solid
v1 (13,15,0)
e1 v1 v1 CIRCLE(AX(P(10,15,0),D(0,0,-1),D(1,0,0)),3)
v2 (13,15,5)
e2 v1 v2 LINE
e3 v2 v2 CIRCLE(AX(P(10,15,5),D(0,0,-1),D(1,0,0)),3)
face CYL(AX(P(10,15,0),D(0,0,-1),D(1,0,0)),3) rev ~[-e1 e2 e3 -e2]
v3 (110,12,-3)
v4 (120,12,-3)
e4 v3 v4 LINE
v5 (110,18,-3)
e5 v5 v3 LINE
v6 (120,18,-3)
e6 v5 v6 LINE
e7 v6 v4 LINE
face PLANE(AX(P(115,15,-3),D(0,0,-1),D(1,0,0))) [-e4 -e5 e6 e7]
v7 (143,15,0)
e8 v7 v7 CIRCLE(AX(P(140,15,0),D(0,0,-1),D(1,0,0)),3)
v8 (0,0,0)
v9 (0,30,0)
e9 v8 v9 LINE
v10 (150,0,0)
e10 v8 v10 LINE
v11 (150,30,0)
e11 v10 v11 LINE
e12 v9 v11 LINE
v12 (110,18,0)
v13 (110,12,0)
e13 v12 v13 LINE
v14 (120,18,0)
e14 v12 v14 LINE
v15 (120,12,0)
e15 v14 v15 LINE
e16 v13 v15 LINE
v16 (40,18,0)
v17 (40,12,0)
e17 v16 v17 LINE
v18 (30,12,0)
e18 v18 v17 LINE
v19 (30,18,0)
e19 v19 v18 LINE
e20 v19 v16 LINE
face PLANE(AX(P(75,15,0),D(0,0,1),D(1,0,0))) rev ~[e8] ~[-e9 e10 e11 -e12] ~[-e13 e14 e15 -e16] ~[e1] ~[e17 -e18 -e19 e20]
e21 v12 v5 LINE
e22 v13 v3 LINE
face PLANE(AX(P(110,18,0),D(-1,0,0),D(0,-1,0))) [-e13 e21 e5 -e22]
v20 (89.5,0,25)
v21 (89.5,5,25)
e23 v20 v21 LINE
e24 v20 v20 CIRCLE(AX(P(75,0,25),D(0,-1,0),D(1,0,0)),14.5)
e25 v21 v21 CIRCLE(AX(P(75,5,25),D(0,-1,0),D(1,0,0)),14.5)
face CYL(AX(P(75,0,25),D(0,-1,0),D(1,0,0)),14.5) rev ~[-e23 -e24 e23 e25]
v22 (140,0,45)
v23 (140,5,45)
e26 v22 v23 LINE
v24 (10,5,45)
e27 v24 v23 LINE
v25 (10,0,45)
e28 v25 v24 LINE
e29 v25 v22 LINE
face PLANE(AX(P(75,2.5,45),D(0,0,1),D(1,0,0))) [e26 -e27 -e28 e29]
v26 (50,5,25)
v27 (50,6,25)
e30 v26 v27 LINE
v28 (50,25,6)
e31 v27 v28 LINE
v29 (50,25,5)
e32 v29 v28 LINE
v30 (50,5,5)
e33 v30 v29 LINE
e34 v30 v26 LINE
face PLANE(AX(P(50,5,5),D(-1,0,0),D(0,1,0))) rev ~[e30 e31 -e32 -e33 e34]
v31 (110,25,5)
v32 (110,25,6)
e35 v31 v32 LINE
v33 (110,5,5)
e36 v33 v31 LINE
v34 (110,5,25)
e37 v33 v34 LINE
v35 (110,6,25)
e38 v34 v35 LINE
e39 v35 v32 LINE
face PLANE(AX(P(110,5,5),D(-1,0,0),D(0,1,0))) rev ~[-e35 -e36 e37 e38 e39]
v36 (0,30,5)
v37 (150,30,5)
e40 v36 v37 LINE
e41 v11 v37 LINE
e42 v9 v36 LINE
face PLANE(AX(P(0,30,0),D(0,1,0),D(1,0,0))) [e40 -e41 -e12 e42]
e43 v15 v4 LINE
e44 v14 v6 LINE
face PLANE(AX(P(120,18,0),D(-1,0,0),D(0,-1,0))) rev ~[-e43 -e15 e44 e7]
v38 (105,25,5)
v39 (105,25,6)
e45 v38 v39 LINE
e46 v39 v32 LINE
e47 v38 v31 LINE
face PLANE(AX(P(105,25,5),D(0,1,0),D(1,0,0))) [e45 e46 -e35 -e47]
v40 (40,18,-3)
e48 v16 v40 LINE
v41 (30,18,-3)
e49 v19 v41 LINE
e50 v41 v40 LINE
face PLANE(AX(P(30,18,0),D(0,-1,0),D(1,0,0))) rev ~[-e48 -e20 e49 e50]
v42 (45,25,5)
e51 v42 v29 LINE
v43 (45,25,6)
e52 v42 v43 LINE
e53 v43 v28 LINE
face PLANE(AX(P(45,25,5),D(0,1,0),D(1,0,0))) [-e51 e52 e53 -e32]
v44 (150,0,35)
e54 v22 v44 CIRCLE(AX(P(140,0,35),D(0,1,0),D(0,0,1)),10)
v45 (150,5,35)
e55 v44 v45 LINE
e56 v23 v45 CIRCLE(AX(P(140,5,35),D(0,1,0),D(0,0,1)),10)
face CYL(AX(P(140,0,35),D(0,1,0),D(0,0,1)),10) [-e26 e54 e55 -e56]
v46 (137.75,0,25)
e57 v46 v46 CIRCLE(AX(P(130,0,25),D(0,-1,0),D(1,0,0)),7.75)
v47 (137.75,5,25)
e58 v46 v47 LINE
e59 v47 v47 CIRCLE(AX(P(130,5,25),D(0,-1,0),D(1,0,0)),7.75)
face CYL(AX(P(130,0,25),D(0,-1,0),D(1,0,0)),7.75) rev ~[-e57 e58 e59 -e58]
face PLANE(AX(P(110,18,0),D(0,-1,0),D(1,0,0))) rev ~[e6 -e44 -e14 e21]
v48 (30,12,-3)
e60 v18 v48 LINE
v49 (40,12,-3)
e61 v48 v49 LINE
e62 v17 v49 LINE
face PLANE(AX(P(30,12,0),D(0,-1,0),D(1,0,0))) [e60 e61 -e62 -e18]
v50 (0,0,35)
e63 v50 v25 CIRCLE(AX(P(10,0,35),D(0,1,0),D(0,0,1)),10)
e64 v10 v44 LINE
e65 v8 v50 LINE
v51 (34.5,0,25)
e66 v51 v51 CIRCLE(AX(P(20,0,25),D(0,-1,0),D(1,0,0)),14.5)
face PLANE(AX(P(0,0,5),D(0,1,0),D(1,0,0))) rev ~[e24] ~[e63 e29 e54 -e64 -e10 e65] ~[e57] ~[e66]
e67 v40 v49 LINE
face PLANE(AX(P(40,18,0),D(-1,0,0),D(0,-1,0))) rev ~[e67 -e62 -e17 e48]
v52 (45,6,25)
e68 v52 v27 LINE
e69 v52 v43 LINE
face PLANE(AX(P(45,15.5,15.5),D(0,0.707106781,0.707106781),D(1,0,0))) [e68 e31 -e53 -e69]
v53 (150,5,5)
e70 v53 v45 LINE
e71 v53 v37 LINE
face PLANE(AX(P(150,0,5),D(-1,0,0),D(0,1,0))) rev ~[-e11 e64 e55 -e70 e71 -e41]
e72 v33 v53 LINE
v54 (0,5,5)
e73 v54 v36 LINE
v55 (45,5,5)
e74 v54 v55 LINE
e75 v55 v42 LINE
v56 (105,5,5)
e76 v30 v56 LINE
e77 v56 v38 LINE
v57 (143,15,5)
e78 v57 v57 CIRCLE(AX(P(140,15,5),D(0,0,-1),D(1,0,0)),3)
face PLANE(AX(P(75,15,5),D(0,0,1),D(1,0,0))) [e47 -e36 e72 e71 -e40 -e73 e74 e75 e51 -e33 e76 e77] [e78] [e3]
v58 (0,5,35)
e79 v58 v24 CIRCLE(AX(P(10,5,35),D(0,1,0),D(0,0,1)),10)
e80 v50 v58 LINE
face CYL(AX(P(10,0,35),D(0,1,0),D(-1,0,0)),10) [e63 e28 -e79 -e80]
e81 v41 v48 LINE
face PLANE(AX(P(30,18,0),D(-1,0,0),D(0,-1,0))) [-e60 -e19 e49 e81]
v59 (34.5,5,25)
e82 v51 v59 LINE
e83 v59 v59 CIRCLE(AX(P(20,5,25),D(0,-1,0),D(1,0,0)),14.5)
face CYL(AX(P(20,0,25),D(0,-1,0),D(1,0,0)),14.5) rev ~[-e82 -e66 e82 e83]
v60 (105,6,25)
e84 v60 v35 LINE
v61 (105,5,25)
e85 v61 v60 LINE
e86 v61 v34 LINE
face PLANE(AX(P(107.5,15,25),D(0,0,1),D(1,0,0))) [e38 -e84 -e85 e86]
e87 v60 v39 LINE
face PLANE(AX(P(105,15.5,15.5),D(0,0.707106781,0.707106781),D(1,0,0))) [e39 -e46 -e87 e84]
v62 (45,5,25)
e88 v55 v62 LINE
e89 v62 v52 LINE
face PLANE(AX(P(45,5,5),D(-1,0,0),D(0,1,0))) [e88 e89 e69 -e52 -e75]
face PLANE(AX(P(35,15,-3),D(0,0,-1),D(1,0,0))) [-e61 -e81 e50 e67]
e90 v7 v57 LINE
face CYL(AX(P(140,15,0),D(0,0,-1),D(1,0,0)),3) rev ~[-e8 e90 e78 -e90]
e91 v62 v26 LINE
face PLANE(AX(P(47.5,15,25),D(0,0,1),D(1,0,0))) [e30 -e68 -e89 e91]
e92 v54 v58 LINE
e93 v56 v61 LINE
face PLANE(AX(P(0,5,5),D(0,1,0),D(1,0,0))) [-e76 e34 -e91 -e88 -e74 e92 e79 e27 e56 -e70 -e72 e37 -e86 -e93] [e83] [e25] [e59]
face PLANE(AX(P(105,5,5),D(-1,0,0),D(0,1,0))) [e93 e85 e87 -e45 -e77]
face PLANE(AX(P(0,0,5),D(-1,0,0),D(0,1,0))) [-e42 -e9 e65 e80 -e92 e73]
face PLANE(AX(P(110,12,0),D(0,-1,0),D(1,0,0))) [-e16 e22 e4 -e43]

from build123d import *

# Parameters (mm, degrees)
SKETCH_W        = 150
SKETCH_H        = 30
PAD_DEPTH       = 5
SKETCH001_W     = 150
SKETCH001_H     = 5
PAD001_DEPTH    = 40
SKETCH002_R     = 14.5
SKETCH002_R_2   = 7.75
POCKET_DEPTH    = 30.001
FILLET_R        = 10
SKETCH003_W     = 10
SKETCH003_H     = 6
PAD002_DEPTH    = 3
SKETCH005_W     = 5
SKETCH005_H     = 20
PAD003_DEPTH    = 20
CHAMFER_SIZE    = 19
SKETCH006_R     = 3
POCKET001_DEPTH = 45.001


with BuildPart() as part:
    # Sketch → Pad (new body)
    with BuildSketch(Plane.XY):
        with Locations((75, 15)):
            Rectangle(SKETCH_W, SKETCH_H)
    extrude(amount=PAD_DEPTH)

    # Sketch001 (on Face6 of Pad) → Pad001 (join)
    with BuildSketch(Plane.XY.offset(5)):
        with Locations((75, 2.5)):
            Rectangle(SKETCH001_W, SKETCH001_H)
    extrude(amount=PAD001_DEPTH)

    # Sketch002 (on Face5 of Pad001) → Pocket (cut, through all)
    with BuildSketch(Plane.XZ):
        with Locations((20, 25)):
            Circle(SKETCH002_R)
        with Locations((75, 25)):
            Circle(SKETCH002_R)
        with Locations((130, 25)):
            Circle(SKETCH002_R_2)
    extrude(amount=-POCKET_DEPTH, mode=Mode.SUBTRACT)

    # Fillet
    fillet_edges = [part.edges().sort_by_distance(p)[0] for p in [
        (150, 2.5, 45),
        (0, 2.5, 45),
    ]]
    fillet(fillet_edges, radius=FILLET_R)

    # Sketch003 → Pad002 (join)
    with BuildSketch(Plane(origin=(0, 0, 0), x_dir=(1, 0, 0), z_dir=(0, 0, -1))):
        with Locations((35, -15)):
            Rectangle(SKETCH003_W, SKETCH003_H)
        with Locations((115, -15)):
            Rectangle(SKETCH003_W, SKETCH003_H)
    extrude(amount=PAD002_DEPTH)

    # Sketch005 → Pad003 (join)
    with BuildSketch(Plane.XY.offset(5)):
        with Locations((47.5, 15)):
            Rectangle(SKETCH005_W, SKETCH005_H)
        with Locations((107.5, 15)):
            Rectangle(SKETCH005_W, SKETCH005_H)
    extrude(amount=PAD003_DEPTH)

    # Chamfer
    chamfer_edges = [part.edges().sort_by_distance(p)[0] for p in [
        (107.5, 25, 25),
        (47.5, 25, 25),
    ]]
    chamfer(chamfer_edges, length=CHAMFER_SIZE)

    # Sketch006 (on Face23 of Chamfer) → Pocket001 (cut, through all)
    with BuildSketch(Plane(origin=(0, 0, 0), x_dir=(1, 0, 0), z_dir=(0, 0, -1))):
        with Locations((10, -15)):
            Circle(SKETCH006_R)
        with Locations((140, -15)):
            Circle(SKETCH006_R)
    extrude(amount=-POCKET001_DEPTH, mode=Mode.SUBTRACT)


solid = part.part
